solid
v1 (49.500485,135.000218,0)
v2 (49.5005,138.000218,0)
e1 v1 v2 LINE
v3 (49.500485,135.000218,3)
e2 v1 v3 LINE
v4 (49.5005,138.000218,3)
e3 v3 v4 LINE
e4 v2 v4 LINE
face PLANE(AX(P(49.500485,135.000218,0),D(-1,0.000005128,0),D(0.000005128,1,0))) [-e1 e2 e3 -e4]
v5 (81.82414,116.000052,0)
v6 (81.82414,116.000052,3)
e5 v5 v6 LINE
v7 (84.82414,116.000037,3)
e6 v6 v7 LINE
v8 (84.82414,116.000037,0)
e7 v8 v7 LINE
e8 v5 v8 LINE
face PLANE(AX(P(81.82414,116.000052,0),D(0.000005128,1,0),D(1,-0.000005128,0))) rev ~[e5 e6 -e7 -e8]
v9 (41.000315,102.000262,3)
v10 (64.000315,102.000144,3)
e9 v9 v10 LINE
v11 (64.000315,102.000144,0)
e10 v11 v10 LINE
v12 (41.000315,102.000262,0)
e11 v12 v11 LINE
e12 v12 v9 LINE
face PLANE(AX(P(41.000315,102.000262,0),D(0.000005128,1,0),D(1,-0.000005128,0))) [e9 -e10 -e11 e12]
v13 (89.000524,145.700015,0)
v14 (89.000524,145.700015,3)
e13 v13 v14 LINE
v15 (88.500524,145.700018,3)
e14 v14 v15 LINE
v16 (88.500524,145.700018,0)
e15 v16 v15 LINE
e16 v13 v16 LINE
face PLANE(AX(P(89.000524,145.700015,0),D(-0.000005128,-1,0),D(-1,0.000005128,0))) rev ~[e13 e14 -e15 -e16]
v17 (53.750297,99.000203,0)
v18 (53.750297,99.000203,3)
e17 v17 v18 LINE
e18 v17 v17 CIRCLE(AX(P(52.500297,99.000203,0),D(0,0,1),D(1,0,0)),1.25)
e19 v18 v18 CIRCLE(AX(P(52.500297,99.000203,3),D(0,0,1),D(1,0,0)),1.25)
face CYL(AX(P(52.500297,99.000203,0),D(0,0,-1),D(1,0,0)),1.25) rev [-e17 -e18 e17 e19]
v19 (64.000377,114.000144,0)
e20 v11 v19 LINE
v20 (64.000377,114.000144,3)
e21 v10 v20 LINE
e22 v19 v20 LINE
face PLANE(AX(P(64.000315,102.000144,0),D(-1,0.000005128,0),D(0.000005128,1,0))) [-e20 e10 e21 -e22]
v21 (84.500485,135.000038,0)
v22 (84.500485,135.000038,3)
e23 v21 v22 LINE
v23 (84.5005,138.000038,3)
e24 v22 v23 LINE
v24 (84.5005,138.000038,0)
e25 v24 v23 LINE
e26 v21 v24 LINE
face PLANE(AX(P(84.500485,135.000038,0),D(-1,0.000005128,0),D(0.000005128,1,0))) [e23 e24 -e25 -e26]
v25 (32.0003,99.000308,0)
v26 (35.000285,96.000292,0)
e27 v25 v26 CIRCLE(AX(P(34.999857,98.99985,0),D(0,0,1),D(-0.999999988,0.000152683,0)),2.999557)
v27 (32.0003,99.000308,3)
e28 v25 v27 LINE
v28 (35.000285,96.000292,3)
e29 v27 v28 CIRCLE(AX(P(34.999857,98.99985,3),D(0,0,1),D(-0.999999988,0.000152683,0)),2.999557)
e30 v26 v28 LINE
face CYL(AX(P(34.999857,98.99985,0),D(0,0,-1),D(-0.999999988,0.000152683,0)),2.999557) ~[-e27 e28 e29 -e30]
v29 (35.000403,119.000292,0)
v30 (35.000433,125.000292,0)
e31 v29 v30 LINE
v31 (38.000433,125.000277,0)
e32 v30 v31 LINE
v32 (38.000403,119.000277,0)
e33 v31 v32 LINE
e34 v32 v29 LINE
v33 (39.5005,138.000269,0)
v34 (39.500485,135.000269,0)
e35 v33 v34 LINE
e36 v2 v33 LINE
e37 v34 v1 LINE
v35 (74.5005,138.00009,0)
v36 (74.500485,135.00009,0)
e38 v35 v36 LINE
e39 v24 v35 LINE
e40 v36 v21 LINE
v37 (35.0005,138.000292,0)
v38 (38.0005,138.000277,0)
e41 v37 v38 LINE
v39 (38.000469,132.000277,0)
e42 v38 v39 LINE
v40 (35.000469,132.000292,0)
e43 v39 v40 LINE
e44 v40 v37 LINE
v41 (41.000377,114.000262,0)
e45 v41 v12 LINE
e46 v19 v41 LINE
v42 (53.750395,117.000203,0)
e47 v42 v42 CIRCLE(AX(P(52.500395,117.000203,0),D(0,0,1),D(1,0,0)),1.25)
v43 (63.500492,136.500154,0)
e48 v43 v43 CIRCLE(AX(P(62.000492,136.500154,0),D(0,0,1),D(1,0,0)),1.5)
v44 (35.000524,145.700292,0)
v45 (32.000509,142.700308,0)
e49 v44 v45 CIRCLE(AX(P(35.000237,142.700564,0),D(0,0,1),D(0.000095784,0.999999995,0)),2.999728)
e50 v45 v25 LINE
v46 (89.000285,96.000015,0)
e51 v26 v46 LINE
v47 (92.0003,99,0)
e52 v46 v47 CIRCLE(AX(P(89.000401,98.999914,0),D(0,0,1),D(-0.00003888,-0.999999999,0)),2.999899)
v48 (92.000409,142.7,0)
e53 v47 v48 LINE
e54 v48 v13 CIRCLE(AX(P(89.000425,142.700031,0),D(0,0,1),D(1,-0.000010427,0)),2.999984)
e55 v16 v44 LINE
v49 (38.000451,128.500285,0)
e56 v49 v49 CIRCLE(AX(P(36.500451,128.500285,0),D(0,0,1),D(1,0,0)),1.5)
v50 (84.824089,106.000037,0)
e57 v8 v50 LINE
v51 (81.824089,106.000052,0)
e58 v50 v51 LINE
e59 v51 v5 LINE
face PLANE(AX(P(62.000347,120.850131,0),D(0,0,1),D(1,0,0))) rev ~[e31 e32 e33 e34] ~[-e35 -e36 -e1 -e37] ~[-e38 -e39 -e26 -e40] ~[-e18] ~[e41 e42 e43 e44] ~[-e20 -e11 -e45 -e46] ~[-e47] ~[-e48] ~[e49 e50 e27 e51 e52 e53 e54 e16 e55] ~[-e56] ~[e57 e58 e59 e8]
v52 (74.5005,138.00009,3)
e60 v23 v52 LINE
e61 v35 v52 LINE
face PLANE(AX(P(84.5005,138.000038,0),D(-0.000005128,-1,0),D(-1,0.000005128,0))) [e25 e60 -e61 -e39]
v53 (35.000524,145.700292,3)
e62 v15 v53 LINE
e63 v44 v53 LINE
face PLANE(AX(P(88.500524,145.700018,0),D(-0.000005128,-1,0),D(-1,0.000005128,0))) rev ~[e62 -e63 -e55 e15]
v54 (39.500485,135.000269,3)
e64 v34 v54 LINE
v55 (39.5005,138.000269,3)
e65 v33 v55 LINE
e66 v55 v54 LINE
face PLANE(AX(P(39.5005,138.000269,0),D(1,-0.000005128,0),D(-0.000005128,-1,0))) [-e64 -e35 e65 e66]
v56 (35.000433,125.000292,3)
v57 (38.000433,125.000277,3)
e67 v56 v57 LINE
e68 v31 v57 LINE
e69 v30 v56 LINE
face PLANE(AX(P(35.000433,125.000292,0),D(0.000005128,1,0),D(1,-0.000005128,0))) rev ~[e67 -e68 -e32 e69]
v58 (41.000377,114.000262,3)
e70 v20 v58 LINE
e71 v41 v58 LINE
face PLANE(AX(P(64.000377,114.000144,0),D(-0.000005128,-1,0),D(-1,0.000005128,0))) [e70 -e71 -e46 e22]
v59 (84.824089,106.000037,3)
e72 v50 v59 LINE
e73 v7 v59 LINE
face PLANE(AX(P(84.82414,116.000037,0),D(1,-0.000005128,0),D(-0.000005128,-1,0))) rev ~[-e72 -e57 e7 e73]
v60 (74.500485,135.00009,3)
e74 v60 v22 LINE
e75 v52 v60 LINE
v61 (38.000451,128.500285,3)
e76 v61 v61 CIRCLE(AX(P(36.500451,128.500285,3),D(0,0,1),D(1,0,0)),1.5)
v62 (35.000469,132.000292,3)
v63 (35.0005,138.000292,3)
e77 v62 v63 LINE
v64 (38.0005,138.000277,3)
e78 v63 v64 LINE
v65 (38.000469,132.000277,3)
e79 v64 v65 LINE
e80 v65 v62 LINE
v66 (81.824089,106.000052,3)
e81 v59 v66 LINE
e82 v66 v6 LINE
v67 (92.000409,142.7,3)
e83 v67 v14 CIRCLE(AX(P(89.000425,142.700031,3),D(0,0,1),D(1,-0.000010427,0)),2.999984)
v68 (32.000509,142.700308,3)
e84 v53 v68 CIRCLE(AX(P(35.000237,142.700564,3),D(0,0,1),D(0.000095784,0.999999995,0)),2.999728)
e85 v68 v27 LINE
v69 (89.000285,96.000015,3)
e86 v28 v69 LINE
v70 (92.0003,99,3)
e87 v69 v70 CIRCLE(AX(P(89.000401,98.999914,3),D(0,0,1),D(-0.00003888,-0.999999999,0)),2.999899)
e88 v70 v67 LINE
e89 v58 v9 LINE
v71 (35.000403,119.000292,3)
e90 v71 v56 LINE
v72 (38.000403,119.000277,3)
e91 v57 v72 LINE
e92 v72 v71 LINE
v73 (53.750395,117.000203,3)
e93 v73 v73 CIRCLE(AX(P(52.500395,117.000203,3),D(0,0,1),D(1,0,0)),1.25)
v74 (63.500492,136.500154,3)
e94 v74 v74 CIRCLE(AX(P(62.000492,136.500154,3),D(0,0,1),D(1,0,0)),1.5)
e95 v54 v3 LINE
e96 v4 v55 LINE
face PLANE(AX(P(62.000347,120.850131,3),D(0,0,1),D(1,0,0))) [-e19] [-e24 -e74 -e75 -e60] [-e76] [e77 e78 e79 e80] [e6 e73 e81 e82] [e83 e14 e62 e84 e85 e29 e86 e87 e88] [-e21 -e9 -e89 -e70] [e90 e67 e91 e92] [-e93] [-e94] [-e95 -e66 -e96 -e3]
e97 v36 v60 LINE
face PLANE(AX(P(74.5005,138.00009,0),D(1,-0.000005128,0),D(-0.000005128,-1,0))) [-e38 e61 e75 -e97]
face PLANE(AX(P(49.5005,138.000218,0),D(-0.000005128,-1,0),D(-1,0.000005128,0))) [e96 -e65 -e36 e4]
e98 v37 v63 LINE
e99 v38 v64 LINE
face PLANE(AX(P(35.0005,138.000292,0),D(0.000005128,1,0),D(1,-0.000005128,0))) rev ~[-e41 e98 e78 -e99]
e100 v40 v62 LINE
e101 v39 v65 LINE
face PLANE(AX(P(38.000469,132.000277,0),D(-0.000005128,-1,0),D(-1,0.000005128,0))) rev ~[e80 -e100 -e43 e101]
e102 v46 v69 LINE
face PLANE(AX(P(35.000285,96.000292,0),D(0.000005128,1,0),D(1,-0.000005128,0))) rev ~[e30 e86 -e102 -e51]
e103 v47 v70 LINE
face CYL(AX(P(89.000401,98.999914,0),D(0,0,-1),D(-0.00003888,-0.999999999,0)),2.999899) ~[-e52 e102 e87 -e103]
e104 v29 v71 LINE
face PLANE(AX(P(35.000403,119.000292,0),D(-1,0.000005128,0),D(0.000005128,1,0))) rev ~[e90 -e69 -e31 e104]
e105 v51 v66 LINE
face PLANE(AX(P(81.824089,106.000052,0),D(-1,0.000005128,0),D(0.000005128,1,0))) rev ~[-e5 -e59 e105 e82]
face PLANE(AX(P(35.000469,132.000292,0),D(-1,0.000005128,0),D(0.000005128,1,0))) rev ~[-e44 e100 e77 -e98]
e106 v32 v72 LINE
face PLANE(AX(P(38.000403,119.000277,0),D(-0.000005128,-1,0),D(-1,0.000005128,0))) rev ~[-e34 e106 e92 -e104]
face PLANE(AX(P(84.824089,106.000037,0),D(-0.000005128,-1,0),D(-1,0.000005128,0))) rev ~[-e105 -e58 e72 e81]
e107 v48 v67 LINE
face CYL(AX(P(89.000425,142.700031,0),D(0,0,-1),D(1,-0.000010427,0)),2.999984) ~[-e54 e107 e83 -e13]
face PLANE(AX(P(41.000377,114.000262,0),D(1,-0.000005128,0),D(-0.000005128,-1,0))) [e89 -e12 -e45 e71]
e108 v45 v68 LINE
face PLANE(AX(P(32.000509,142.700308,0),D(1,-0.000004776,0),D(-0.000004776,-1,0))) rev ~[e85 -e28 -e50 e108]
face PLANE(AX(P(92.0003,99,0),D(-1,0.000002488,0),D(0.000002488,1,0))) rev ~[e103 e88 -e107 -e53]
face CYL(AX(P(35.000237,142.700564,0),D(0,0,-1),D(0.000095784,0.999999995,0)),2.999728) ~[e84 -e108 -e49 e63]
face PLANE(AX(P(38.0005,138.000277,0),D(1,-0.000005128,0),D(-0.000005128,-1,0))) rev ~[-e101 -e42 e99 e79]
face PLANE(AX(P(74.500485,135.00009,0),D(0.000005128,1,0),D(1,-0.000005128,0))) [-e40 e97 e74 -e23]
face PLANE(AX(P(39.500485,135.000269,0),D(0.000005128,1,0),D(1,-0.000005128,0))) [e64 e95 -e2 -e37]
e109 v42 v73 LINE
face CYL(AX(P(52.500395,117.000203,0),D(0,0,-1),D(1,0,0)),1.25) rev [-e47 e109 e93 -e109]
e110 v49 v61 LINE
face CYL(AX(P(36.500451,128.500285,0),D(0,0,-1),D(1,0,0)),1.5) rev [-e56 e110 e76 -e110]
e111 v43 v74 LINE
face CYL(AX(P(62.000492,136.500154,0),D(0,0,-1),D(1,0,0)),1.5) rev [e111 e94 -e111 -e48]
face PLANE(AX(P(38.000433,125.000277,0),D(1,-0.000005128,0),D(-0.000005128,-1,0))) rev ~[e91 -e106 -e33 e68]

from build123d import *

# Parameters (mm, degrees)
SKETCH_1_R      = 1.25
SKETCH_1_R_2    = 1.500000003
SKETCH_1_R_3    = 1.500000002
EXTRUDE_1_DEPTH = 3


with BuildPart() as part:
    # 草圖1 → 填料-伸長1 (new body)
    with BuildSketch(Plane.XY):
        with BuildLine():
            Line((88.500524103, 145.700017948), (35.000524103, 145.700292307))
            ThreePointArc((35.000524103, 145.700292307), (32.879119595, 144.821703189), (32.000508719, 142.700307692))
            Line((32.000508719, 142.700307692), (32.000300001, 99.000307693))
            ThreePointArc((32.000300001, 99.000307693), (32.878839121, 96.878853187), (35.000284616, 96.000292308))
            Line((35.000284616, 96.000292308), (89.000284615, 96.000015385))
            ThreePointArc((89.000284615, 96.000015385), (91.121639122, 96.878654505), (92.0003, 99))
            Line((92.0003, 99), (92.000408718, 142.7))
            ThreePointArc((92.000408718, 142.7), (91.121779951, 144.82129415), (89.000524103, 145.700015384))
            Line((89.000524103, 145.700015384), (88.500524103, 145.700017948))
        make_face()
        with Locations((52.50039487, 117.000202566)):
            Circle(SKETCH_1_R, mode=Mode.SUBTRACT)
        with Locations((52.500297434, 99.000202566)):
            Circle(SKETCH_1_R, mode=Mode.SUBTRACT)
        with Locations((36.500451283, 128.500284615)):
            Circle(SKETCH_1_R_2, mode=Mode.SUBTRACT)
        with Locations((62.000492306, 136.500153847)):
            Circle(SKETCH_1_R_3, mode=Mode.SUBTRACT)
        Polygon((84.824140487, 116.000036801), (84.824089205, 106.000036801), (81.824089205, 106.000052186), (81.824140487, 116.000052185), align=None, mode=Mode.SUBTRACT)
        Polygon((64.000315385, 102.00014359), (64.000376923, 114.00014359), (41.000376924, 114.000261539), (41.000315385, 102.000261539), align=None, mode=Mode.SUBTRACT)
        Polygon((38.000402565, 119.000276923), (35.000402565, 119.000292308), (35.000433334, 125.000292308), (38.000433334, 125.000276923), align=None, mode=Mode.SUBTRACT)
        Polygon((38.000469231, 132.000276923), (35.000469231, 132.000292308), (35.000500001, 138.000292308), (38.000500001, 138.000276923), align=None, mode=Mode.SUBTRACT)
        Polygon((39.500500001, 138.000269231), (39.500484616, 135.000269231), (49.500484616, 135.000217948), (49.500500001, 138.000217948), align=None, mode=Mode.SUBTRACT)
        Polygon((74.500484616, 135.000089743), (84.500484615, 135.000038461), (84.5005, 138.000038461), (74.5005, 138.000089743), align=None, mode=Mode.SUBTRACT)
    extrude(amount=EXTRUDE_1_DEPTH)


solid = part.part
